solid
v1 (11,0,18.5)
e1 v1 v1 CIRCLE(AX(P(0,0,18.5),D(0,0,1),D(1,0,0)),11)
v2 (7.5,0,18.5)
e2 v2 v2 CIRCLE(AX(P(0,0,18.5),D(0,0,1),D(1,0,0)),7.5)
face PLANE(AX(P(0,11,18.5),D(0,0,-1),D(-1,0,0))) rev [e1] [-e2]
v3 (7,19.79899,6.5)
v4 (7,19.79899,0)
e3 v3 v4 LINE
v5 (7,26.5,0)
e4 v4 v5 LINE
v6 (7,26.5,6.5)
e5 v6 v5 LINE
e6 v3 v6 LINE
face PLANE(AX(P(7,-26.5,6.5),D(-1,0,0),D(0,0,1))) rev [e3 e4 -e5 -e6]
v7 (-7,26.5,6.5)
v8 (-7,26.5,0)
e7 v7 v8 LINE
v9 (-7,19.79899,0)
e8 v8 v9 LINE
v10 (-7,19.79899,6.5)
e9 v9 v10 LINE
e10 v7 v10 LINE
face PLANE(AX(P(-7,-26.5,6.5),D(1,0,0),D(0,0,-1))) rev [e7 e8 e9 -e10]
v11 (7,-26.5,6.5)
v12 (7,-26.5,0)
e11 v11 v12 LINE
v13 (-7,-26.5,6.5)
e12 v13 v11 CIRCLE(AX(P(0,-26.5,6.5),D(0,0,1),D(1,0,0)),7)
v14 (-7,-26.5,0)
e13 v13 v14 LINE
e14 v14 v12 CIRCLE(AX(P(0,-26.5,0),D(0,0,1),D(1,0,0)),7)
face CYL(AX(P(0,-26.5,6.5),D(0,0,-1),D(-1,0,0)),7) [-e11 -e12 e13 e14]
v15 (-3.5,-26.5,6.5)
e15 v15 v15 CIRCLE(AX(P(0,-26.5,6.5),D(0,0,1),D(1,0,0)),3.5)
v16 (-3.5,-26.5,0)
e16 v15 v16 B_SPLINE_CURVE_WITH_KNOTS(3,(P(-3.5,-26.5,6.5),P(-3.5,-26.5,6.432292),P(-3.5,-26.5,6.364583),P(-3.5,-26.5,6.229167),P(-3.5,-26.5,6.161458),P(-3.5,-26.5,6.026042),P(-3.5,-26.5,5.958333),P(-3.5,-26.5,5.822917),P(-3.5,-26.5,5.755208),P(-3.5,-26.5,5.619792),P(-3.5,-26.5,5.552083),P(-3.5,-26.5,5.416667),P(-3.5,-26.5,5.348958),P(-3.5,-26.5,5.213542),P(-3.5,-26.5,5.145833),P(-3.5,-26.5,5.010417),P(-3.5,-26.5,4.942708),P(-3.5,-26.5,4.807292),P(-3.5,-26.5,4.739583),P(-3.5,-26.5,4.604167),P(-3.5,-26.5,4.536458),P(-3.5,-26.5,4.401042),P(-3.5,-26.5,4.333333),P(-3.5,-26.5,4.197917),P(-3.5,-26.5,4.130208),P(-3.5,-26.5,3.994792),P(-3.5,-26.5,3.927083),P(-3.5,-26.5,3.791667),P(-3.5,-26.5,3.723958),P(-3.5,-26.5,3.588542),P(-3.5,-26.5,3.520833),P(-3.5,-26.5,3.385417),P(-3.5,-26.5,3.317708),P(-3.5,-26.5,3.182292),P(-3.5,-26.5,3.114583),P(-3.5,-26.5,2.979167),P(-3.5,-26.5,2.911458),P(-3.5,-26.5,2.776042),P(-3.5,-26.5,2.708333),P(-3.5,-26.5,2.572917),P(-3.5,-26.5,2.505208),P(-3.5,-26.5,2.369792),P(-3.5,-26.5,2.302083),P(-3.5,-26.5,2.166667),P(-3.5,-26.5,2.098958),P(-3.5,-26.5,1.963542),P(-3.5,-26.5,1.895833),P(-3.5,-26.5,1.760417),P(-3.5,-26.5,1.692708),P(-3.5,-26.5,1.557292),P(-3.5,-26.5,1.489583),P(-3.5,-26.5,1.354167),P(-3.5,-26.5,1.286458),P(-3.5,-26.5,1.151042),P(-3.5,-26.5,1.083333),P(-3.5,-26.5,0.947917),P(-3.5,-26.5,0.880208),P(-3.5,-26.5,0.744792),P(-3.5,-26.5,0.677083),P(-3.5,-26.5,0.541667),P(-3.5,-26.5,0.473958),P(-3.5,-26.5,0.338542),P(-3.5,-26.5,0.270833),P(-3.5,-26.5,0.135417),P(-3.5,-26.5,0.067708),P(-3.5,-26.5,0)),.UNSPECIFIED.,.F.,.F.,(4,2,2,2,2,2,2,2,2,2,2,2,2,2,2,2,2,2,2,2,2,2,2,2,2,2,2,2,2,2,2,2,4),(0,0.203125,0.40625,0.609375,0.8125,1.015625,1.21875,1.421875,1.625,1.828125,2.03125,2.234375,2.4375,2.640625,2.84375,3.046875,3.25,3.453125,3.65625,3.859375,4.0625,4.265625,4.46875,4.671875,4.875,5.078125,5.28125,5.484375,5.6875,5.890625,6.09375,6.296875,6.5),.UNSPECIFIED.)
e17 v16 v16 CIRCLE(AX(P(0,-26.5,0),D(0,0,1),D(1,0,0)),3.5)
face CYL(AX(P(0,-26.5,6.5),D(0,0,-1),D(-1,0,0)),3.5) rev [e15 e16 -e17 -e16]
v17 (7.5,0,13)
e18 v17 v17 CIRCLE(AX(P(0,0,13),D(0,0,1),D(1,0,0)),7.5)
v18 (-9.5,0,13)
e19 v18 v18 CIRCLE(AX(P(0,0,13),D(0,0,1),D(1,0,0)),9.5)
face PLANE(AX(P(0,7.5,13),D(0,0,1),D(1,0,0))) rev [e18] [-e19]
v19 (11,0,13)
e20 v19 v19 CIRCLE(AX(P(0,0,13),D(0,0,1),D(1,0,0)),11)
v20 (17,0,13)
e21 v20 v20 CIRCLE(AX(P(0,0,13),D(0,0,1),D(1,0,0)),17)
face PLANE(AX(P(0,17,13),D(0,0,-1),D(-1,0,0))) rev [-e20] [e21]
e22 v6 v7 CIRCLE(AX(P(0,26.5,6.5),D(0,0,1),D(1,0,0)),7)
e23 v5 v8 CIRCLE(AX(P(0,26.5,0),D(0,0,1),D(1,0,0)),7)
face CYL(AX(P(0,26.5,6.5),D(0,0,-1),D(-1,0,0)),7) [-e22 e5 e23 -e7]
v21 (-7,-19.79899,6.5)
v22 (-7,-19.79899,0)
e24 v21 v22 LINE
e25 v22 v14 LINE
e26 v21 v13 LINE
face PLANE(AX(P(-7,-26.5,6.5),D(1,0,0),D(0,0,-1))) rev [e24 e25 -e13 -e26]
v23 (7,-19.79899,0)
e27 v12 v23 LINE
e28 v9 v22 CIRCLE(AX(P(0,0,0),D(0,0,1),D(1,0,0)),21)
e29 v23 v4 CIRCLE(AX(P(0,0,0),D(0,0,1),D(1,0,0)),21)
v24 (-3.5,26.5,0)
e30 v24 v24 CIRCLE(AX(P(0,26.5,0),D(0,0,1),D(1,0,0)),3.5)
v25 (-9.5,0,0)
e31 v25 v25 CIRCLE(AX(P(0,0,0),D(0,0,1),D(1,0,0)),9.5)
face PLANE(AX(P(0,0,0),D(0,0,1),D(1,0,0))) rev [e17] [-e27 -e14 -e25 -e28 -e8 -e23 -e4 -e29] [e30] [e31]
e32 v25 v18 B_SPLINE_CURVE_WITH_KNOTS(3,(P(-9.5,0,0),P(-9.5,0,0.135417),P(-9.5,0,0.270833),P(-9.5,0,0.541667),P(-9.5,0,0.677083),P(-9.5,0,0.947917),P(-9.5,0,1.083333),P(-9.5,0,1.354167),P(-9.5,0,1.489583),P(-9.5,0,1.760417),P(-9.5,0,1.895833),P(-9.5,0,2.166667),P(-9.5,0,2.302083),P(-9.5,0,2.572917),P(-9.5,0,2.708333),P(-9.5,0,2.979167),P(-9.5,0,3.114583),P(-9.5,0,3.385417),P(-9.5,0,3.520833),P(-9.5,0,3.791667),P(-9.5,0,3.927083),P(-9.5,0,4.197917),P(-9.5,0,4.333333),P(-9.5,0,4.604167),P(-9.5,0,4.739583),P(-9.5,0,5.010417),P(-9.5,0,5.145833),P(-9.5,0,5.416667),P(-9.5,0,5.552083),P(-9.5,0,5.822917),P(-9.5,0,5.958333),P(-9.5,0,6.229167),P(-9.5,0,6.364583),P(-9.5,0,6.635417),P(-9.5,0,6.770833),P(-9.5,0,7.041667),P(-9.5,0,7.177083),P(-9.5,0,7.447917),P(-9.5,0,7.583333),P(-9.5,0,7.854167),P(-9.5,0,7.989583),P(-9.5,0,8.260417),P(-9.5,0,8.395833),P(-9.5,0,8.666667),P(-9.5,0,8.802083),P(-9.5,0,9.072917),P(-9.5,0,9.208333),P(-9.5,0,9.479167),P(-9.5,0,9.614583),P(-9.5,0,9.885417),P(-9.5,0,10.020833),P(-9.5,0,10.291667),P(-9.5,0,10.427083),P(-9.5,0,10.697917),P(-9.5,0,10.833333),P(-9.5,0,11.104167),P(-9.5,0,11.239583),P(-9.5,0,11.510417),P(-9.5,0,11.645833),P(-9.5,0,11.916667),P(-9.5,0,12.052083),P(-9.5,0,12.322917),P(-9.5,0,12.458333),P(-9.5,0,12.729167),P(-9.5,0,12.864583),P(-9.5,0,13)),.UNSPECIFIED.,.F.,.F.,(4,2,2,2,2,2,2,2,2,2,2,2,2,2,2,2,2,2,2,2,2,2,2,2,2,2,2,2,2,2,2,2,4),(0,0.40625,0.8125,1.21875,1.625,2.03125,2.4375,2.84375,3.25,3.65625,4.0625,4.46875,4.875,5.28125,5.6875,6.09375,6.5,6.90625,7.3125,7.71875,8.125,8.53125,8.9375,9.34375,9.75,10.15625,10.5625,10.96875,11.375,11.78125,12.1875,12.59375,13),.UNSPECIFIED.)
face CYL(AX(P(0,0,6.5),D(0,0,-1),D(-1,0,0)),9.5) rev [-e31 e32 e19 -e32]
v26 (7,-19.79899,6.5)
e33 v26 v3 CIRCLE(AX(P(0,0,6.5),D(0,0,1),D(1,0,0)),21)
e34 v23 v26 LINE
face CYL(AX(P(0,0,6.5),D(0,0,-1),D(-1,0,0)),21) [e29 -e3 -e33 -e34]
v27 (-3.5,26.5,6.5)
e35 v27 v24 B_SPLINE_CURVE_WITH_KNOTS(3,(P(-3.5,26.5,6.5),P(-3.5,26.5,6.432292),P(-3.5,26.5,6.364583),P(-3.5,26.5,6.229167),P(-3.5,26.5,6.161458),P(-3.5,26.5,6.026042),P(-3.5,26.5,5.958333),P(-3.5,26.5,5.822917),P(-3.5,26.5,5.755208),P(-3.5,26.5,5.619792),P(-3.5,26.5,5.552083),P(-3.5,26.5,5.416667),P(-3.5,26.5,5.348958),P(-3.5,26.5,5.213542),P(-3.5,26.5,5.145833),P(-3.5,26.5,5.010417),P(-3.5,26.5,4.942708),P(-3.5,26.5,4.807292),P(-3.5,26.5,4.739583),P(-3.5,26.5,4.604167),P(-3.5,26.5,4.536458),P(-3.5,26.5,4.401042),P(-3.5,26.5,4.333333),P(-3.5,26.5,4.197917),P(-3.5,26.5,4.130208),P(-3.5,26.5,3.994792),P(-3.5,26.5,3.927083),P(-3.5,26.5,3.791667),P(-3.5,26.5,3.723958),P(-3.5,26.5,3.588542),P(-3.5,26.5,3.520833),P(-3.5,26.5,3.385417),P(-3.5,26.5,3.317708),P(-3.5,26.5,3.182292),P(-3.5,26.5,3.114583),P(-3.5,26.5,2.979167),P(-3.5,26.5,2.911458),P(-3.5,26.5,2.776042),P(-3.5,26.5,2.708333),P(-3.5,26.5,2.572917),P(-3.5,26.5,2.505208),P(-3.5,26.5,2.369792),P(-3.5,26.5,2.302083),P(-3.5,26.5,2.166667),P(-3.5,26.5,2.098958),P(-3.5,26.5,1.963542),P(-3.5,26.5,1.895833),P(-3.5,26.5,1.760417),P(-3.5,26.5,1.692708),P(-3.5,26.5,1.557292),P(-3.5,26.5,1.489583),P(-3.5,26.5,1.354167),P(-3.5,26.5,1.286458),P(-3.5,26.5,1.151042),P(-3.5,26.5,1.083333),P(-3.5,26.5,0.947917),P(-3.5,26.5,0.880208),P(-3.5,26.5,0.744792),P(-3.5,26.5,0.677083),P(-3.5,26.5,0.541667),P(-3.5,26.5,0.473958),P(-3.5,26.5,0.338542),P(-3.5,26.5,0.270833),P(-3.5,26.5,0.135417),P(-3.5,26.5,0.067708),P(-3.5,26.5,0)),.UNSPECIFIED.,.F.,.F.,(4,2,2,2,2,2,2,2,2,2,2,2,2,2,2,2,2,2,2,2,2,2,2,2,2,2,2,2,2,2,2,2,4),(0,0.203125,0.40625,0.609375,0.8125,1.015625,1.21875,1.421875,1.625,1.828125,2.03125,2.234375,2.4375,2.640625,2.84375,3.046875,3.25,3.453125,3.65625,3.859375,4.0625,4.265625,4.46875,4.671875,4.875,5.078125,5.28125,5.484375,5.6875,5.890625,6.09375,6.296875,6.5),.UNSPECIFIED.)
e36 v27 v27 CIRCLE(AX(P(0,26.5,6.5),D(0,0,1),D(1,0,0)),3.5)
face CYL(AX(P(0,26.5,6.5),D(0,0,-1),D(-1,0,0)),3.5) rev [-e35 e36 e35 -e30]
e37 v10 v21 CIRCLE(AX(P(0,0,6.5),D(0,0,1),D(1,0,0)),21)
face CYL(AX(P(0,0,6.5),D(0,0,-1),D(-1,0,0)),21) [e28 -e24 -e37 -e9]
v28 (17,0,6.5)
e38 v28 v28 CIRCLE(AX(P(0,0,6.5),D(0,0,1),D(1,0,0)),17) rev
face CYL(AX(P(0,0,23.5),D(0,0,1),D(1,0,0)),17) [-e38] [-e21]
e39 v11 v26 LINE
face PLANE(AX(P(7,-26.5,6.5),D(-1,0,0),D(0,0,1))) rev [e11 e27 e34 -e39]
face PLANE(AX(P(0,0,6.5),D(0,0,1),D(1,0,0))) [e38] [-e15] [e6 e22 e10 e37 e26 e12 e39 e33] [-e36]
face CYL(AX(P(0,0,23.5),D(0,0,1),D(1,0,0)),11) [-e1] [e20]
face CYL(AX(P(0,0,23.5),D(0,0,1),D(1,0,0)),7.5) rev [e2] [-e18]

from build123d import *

# Parameters (mm, degrees)
SKETCH_1_R          = 21
EXTRUDE_2_DEPTH     = 6.5
EXTRUDE_4_DEPTH     = 6.5
SKETCH_3_R          = 9.5
SKETCH_3_R_2        = 3.5
CUT_EXTRUDE_1_DEPTH = 41.068691019


with BuildPart() as part:
    # 草图1 → 凸台-拉伸2 (new body)
    with BuildSketch(Plane.XY):
        with Locations(Location((0, 0, 0), (0, 0, 180))):
            Circle(SKETCH_1_R)
    extrude(amount=EXTRUDE_2_DEPTH)

    # 草图2 → 凸台-拉伸4 (add)
    with BuildSketch(Plane.XY):
        with BuildLine():
            Line((-7, -26.5), (-7, 26.5))
            ThreePointArc((-7, 26.5), (0, 33.5), (7, 26.5))
            Line((7, 26.5), (7, -26.5))
            ThreePointArc((7, -26.5), (0, -33.5), (-7, -26.5))
        make_face()
    extrude(amount=EXTRUDE_4_DEPTH)

    # 草图3 → 切除-拉伸1 (cut, through all)
    with BuildSketch(Plane.XY):
        with Locations(Location((0, 0, 0), (0, 0, 180))):
            Circle(SKETCH_3_R)
        with Locations(Location((0, -26.5, 0), (0, 0, 180))):
            Circle(SKETCH_3_R_2)
        with Locations(Location((0, 26.5, 0), (0, 0, 180))):
            Circle(SKETCH_3_R_2)
    extrude(amount=CUT_EXTRUDE_1_DEPTH, mode=Mode.SUBTRACT)

    # 草图4 → 旋转1 (revolve)
    with BuildSketch(Plane(origin=(0, 0, 0), x_dir=(0, 0, -1), z_dir=(1, 0, 0)), mode=Mode.PRIVATE) as revolve_1_sk:
        Polygon((0, 9.5), (0, 17), (-13, 17), (-13, 11), (-18.5, 11), (-18.5, 7.5), (-13, 7.5), (-13, 9.5), align=None)
    revolve(revolve_1_sk.sketch.rotate(Axis((0, 0, 23.5), (0, 0, -1)), 90), axis=Axis((0, 0, 23.5), (0, 0, -1)))


solid = part.part
